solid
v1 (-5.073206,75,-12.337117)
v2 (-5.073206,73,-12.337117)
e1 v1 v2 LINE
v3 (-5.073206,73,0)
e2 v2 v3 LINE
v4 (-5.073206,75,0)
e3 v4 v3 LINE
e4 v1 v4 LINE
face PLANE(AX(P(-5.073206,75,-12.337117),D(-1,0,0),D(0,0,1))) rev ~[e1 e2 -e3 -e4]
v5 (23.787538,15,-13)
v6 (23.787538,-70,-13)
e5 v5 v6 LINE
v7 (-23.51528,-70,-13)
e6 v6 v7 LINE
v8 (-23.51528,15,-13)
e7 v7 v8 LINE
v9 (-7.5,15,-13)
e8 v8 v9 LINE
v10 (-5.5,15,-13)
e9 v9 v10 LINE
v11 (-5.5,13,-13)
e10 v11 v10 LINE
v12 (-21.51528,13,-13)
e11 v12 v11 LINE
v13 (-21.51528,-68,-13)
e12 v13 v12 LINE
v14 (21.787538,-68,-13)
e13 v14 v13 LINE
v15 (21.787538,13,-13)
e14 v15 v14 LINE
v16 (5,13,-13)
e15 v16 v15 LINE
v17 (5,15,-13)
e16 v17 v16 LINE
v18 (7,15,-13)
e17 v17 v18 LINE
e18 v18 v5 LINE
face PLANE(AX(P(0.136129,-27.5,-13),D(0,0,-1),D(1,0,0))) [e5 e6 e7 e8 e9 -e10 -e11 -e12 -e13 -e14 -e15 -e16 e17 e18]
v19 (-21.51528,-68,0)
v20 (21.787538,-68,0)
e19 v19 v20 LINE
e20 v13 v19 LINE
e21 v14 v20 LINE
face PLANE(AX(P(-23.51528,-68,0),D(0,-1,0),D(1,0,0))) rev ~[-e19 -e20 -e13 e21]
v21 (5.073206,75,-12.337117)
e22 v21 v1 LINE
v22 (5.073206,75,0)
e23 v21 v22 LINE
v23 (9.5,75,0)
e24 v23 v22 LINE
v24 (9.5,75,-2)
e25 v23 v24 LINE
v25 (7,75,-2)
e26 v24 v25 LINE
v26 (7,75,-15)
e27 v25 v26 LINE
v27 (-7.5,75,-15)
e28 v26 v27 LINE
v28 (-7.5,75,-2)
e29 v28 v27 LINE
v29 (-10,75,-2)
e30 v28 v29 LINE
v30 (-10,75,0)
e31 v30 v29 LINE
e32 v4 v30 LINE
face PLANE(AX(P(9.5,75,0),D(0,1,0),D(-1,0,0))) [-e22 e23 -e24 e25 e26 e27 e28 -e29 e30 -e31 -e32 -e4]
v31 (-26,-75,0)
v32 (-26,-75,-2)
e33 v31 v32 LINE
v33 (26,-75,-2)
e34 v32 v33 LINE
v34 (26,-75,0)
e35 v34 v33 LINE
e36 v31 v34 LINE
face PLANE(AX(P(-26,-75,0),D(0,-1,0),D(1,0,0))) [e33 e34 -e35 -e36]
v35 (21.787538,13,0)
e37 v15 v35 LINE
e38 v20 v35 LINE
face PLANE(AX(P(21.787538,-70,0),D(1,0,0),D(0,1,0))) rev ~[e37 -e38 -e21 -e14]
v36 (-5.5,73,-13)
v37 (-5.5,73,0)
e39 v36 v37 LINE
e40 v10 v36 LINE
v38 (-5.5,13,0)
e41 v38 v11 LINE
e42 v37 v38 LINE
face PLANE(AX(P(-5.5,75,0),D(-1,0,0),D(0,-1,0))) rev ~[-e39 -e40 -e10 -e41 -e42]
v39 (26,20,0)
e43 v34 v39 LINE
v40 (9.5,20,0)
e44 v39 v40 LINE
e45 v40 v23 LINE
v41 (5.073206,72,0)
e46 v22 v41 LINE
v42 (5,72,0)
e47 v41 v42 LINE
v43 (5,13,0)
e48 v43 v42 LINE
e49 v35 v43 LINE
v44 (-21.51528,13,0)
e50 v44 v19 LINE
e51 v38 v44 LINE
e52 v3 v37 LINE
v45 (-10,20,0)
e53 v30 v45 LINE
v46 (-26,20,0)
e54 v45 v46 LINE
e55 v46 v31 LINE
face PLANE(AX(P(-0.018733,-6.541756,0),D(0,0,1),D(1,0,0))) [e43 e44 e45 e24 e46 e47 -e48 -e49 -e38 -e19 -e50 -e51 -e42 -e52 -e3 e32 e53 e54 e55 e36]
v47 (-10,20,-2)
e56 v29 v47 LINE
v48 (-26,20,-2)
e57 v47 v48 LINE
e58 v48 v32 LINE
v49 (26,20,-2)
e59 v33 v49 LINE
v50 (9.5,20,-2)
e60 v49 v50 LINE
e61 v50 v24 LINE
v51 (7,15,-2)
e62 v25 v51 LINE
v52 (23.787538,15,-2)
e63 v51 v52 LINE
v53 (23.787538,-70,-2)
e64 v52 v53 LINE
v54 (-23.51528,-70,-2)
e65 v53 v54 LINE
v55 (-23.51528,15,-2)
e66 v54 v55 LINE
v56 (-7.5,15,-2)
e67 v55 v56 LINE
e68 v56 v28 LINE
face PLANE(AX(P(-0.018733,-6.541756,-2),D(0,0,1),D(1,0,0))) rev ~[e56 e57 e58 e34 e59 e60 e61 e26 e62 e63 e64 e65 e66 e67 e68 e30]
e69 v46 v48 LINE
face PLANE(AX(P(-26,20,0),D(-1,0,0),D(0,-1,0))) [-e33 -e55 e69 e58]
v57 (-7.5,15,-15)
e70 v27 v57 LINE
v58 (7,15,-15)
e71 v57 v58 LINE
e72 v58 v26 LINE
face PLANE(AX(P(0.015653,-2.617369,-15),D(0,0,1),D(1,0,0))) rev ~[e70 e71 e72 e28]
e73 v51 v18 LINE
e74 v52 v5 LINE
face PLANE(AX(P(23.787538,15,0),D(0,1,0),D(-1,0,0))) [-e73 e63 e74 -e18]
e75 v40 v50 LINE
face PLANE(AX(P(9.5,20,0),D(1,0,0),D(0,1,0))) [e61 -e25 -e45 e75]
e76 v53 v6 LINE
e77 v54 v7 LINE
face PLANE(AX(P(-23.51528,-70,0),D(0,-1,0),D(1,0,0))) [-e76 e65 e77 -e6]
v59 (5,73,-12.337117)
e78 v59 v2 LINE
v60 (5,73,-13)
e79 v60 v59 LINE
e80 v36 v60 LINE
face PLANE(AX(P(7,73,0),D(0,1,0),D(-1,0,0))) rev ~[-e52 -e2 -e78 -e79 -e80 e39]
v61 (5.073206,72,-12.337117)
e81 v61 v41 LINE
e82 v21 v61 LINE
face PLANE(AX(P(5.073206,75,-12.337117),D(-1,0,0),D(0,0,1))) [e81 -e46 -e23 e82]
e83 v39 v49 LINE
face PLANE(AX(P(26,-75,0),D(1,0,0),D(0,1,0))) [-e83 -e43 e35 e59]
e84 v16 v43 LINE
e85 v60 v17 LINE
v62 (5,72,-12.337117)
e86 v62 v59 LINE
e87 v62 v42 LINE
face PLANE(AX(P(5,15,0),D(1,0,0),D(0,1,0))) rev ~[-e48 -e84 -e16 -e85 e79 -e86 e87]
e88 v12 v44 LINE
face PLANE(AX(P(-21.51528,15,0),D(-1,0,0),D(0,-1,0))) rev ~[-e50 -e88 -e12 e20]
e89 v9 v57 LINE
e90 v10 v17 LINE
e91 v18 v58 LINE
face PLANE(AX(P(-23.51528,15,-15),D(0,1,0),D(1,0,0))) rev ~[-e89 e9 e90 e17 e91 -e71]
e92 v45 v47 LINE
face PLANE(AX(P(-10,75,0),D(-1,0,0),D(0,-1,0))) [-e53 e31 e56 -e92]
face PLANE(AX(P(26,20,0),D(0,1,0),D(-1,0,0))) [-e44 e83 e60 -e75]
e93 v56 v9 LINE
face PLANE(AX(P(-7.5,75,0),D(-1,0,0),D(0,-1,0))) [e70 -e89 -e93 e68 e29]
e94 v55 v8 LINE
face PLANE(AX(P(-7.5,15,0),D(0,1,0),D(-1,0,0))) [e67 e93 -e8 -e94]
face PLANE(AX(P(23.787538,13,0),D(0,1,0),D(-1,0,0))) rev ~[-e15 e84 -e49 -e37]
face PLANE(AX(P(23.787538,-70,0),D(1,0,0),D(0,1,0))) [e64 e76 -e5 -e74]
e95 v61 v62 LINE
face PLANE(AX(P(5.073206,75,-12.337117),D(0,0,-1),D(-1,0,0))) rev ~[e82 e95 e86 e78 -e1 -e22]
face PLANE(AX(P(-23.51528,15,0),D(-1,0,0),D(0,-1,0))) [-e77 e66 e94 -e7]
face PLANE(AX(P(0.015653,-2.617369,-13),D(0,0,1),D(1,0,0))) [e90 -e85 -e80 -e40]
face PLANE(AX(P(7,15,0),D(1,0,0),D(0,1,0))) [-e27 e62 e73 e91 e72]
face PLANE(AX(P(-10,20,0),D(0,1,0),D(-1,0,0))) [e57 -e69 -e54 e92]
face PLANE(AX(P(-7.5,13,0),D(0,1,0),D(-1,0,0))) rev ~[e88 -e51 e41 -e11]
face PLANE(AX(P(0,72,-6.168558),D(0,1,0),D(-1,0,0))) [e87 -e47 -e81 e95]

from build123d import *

# Parameters (mm, degrees)
F1_DEPTH = 15
F2_T     = -2
F3_DEPTH = 2
F5_DEPTH = 2
F6_W     = 10.1464129984
F6_H     = 12.3371165246
F7_DEPTH = 3


with BuildPart() as f1:
    # F0 (on Top) → F1 (new body)
    with BuildSketch(Plane.XY):
        Polygon((7.0000002384, 15), (7.0000002384, 75), (4.5000002384, 75), (-5, 75), (-7.5, 75), (-7.5, 15), (-23.5152803361, 15), (-23.5152803361, -70), (-21, -70), (21, -70), (23.7875375897, -70), (23.7875375897, 15), (21, 15), align=None)
    extrude(amount=-F1_DEPTH)

    # F2
    f2_openings = [f1.faces().sort_by_distance(p)[0] for p in [
        (0.067441, -14.603177, 0),
    ]]
    offset(amount=F2_T, openings=f2_openings, kind=Kind.INTERSECTION)

    # F0 (on Top) → F3 (join)
    with BuildSketch(Plane.XY):
        Polygon((-26, -75), (26, -75), (26, 20), (9.5000002384, 20), (9.5000002384, 75), (7.0000002384, 75), (7.0000002384, 15), (21, 15), (23.7875375897, 15), (23.7875375897, -70), (21, -70), (-21, -70), (-23.5152803361, -70), (-23.5152803361, 15), (-7.5, 15), (-7.5, 75), (-10, 75), (-10, 20), (-26, 20), align=None)
    extrude(amount=-F3_DEPTH)

    # F4 (on face) → F5 (cut)
    with BuildSketch(Plane(origin=(0, 0, -15), x_dir=(1, 0, 0), z_dir=(0, 0, -1))):
        Polygon((23.7875375897, 70), (-23.5152803361, 70), (-23.5152803361, -15), (-7.5, -15), (7.0000002384, -15), (23.7875375897, -15), align=None)
    extrude(amount=-F5_DEPTH, mode=Mode.SUBTRACT)

    # F6 (on face) → F7 (cut)
    with BuildSketch(Plane(origin=(0, 75, 0), x_dir=(-1, 0, 0), z_dir=(0, 1, 0))):
        with Locations((0, -6.1685582623)):
            Rectangle(F6_W, F6_H)
    extrude(amount=-F7_DEPTH, mode=Mode.SUBTRACT)


solid = f1.part
